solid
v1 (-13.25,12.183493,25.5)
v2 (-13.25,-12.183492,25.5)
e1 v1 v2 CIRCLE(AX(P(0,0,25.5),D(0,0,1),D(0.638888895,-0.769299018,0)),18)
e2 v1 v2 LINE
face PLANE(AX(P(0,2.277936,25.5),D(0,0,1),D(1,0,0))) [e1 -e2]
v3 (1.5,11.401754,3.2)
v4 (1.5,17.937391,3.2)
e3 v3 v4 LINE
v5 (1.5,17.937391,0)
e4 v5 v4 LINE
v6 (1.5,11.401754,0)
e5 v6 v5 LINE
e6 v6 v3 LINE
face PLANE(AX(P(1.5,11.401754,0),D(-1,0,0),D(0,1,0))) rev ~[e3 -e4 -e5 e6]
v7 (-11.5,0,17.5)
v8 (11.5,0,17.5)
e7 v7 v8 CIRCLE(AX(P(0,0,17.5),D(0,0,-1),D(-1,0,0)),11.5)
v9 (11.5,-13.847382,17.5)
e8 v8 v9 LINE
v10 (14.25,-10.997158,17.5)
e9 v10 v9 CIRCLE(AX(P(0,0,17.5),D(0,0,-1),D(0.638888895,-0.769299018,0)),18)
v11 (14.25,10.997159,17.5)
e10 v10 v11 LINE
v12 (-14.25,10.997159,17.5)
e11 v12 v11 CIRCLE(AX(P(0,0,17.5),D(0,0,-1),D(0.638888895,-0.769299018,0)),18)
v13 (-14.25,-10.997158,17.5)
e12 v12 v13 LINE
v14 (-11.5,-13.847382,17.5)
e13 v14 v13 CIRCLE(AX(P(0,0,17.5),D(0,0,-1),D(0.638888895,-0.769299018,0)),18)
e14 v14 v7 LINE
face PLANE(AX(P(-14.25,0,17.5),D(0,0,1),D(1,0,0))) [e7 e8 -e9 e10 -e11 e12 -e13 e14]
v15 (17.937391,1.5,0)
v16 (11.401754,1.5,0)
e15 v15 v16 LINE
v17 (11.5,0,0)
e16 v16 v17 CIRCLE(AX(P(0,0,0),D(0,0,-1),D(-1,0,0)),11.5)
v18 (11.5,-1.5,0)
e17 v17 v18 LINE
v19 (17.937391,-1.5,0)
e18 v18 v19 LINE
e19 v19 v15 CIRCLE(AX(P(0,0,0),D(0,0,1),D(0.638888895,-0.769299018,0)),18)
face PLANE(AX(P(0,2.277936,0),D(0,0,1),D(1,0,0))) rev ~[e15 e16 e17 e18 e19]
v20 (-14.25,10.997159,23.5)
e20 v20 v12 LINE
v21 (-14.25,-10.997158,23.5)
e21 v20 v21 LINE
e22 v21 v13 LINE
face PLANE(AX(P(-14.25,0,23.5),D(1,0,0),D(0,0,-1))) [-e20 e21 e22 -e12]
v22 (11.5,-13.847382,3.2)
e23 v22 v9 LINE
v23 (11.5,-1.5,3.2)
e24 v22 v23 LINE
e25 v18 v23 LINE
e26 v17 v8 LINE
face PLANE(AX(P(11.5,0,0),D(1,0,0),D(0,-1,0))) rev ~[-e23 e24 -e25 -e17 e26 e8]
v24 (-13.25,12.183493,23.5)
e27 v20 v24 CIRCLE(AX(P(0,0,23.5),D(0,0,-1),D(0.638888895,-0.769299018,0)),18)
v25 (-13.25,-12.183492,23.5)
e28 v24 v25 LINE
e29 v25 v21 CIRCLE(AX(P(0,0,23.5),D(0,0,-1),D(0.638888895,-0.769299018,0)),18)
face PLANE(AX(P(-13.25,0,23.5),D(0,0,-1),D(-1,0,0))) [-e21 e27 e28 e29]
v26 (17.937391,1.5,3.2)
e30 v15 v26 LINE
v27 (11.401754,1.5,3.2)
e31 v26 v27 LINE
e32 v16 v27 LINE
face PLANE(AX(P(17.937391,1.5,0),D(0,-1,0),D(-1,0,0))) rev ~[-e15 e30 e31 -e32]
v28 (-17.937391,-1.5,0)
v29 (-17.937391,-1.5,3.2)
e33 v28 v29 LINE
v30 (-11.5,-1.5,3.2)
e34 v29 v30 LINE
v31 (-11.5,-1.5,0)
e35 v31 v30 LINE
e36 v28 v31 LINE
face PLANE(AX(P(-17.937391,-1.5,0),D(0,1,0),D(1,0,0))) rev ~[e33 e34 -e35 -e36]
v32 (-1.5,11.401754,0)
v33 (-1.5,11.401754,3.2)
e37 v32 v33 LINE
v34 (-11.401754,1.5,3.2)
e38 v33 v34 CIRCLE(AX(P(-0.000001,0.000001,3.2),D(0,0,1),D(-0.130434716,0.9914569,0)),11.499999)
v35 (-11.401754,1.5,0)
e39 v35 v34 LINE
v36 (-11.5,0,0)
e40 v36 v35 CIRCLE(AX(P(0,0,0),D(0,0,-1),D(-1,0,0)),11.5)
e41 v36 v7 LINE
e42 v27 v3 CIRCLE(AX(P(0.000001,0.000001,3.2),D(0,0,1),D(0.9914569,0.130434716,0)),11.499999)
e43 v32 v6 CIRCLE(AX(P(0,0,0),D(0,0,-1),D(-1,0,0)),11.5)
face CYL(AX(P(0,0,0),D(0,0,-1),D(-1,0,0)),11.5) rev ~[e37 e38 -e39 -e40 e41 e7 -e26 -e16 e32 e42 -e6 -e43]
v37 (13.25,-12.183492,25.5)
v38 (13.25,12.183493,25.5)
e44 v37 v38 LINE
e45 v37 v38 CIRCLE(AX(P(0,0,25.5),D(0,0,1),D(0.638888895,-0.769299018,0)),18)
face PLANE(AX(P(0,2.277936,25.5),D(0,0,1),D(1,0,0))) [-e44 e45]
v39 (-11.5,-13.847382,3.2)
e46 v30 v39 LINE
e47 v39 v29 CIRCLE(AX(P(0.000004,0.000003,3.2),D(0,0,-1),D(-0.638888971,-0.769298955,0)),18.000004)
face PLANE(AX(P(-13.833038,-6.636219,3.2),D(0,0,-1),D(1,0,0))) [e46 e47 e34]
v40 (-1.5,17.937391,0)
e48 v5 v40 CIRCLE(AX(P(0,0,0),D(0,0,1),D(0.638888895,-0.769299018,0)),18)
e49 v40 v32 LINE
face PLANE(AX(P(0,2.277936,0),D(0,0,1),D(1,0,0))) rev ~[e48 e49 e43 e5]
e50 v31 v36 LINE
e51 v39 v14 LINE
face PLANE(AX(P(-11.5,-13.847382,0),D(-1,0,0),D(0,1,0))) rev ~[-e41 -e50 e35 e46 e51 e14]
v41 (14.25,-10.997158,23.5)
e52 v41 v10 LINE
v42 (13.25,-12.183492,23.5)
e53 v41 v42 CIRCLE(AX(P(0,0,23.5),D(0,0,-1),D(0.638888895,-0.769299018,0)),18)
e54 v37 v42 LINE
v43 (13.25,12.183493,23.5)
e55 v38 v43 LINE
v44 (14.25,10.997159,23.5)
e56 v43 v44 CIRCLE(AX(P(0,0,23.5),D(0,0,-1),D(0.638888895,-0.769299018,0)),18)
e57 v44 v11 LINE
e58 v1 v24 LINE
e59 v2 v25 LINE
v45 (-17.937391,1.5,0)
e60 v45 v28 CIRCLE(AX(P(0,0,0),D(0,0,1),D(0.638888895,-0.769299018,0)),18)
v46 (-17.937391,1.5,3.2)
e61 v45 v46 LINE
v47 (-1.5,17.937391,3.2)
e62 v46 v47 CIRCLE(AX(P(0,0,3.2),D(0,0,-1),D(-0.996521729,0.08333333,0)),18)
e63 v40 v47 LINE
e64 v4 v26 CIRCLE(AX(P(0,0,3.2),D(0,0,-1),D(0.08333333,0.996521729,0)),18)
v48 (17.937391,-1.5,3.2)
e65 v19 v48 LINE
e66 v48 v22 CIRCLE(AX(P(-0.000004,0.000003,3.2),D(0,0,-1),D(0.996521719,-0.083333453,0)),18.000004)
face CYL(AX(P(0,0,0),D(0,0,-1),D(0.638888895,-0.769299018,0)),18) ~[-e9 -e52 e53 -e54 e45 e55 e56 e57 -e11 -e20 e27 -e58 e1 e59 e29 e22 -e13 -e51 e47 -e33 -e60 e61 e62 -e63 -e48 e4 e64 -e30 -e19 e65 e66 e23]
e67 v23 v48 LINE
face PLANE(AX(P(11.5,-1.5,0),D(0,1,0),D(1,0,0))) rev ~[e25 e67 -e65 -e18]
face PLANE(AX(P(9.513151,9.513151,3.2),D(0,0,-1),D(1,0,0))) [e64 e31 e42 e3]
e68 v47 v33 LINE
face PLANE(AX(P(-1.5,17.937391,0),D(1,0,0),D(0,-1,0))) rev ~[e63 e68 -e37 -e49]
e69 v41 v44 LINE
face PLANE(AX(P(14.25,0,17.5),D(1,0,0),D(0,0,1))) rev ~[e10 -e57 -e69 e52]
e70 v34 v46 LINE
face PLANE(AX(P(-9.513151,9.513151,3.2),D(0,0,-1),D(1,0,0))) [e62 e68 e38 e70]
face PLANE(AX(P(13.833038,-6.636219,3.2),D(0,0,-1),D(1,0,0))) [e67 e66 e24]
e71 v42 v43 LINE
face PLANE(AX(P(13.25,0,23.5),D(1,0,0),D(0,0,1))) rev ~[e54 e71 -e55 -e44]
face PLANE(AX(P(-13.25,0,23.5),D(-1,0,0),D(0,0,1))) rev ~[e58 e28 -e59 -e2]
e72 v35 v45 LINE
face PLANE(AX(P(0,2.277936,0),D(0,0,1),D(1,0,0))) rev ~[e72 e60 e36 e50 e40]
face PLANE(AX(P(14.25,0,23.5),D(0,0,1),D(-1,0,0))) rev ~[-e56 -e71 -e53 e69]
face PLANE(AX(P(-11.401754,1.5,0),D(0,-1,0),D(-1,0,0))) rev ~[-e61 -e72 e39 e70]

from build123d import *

# Parameters (mm, degrees)
F1_DEPTH = 25.5
F2_W     = 26.5
F2_H     = 2
F3_DEPTH = 18.001
F4_DEPTH = 13.848382
F6_DEPTH = 3.2


with BuildPart() as f1:
    # F0 (on Top) → F1 (new body)
    with BuildSketch(Plane.XY):
        with BuildLine():
            Line((11.5, 0), (11.5, -13.847382))
            ThreePointArc((11.5, -13.847382), (0, 18), (-11.5, -13.847382))
            Line((-11.5, -13.847382), (-11.5, 0))
            ThreePointArc((-11.5, 0), (0, 11.5), (11.5, 0))
        make_face()
    extrude(amount=F1_DEPTH)

    # F2 (on Front) → F3 (cut, through all)
    with BuildSketch(Plane.XZ):
        Polygon((-13.25, 23.5), (-14.25, 23.5), (-14.25, 17.5), (14.25, 17.5), (14.25, 23.5), (13.25, 23.5), align=None)
        with Locations((0, 24.5)):
            Rectangle(F2_W, F2_H)
    extrude(amount=-F3_DEPTH, mode=Mode.SUBTRACT)

    # F2 (on Front) → F4 (cut, through all)
    with BuildSketch(Plane.XZ):
        Polygon((-13.25, 23.5), (-14.25, 23.5), (-14.25, 17.5), (14.25, 17.5), (14.25, 23.5), (13.25, 23.5), align=None)
        with Locations((0, 24.5)):
            Rectangle(F2_W, F2_H)
    extrude(amount=F4_DEPTH, mode=Mode.SUBTRACT)

    # F5 (on face) → F6 (cut)
    with BuildSketch(Plane(origin=(0, 0, 0), x_dir=(1, 0, 0), z_dir=(0, 0, -1))):
        with BuildLine():
            ThreePointArc((-11.5, 13.847382), (-15.961029, 8.32139), (-17.937391, 1.5))
            Line((-17.937391, 1.5), (-11.5, 1.5))
            Line((-11.5, 1.5), (-11.5, 13.847382))
        make_face()
        with BuildLine():
            ThreePointArc((-17.937391, -1.5), (-12.727922, -12.727922), (-1.5, -17.937391))
            Line((-1.5, -17.937391), (-1.5, -11.401754))
            ThreePointArc((-1.5, -11.401754), (-8.131728, -8.131728), (-11.401754, -1.5))
            Line((-11.401754, -1.5), (-17.937391, -1.5))
        make_face()
        with BuildLine():
            Line((1.5, -11.401754), (1.5, -17.937391))
            ThreePointArc((1.5, -17.937391), (12.727922, -12.727922), (17.937391, -1.5))
            Line((17.937391, -1.5), (11.401754, -1.5))
            ThreePointArc((11.401754, -1.5), (8.131728, -8.131728), (1.5, -11.401754))
        make_face()
        with BuildLine():
            Line((11.5, 1.5), (17.937391, 1.5))
            ThreePointArc((17.937391, 1.5), (15.961029, 8.32139), (11.5, 13.847382))
            Line((11.5, 13.847382), (11.5, 1.5))
        make_face()
    extrude(amount=-F6_DEPTH, mode=Mode.SUBTRACT)


solid = f1.part
